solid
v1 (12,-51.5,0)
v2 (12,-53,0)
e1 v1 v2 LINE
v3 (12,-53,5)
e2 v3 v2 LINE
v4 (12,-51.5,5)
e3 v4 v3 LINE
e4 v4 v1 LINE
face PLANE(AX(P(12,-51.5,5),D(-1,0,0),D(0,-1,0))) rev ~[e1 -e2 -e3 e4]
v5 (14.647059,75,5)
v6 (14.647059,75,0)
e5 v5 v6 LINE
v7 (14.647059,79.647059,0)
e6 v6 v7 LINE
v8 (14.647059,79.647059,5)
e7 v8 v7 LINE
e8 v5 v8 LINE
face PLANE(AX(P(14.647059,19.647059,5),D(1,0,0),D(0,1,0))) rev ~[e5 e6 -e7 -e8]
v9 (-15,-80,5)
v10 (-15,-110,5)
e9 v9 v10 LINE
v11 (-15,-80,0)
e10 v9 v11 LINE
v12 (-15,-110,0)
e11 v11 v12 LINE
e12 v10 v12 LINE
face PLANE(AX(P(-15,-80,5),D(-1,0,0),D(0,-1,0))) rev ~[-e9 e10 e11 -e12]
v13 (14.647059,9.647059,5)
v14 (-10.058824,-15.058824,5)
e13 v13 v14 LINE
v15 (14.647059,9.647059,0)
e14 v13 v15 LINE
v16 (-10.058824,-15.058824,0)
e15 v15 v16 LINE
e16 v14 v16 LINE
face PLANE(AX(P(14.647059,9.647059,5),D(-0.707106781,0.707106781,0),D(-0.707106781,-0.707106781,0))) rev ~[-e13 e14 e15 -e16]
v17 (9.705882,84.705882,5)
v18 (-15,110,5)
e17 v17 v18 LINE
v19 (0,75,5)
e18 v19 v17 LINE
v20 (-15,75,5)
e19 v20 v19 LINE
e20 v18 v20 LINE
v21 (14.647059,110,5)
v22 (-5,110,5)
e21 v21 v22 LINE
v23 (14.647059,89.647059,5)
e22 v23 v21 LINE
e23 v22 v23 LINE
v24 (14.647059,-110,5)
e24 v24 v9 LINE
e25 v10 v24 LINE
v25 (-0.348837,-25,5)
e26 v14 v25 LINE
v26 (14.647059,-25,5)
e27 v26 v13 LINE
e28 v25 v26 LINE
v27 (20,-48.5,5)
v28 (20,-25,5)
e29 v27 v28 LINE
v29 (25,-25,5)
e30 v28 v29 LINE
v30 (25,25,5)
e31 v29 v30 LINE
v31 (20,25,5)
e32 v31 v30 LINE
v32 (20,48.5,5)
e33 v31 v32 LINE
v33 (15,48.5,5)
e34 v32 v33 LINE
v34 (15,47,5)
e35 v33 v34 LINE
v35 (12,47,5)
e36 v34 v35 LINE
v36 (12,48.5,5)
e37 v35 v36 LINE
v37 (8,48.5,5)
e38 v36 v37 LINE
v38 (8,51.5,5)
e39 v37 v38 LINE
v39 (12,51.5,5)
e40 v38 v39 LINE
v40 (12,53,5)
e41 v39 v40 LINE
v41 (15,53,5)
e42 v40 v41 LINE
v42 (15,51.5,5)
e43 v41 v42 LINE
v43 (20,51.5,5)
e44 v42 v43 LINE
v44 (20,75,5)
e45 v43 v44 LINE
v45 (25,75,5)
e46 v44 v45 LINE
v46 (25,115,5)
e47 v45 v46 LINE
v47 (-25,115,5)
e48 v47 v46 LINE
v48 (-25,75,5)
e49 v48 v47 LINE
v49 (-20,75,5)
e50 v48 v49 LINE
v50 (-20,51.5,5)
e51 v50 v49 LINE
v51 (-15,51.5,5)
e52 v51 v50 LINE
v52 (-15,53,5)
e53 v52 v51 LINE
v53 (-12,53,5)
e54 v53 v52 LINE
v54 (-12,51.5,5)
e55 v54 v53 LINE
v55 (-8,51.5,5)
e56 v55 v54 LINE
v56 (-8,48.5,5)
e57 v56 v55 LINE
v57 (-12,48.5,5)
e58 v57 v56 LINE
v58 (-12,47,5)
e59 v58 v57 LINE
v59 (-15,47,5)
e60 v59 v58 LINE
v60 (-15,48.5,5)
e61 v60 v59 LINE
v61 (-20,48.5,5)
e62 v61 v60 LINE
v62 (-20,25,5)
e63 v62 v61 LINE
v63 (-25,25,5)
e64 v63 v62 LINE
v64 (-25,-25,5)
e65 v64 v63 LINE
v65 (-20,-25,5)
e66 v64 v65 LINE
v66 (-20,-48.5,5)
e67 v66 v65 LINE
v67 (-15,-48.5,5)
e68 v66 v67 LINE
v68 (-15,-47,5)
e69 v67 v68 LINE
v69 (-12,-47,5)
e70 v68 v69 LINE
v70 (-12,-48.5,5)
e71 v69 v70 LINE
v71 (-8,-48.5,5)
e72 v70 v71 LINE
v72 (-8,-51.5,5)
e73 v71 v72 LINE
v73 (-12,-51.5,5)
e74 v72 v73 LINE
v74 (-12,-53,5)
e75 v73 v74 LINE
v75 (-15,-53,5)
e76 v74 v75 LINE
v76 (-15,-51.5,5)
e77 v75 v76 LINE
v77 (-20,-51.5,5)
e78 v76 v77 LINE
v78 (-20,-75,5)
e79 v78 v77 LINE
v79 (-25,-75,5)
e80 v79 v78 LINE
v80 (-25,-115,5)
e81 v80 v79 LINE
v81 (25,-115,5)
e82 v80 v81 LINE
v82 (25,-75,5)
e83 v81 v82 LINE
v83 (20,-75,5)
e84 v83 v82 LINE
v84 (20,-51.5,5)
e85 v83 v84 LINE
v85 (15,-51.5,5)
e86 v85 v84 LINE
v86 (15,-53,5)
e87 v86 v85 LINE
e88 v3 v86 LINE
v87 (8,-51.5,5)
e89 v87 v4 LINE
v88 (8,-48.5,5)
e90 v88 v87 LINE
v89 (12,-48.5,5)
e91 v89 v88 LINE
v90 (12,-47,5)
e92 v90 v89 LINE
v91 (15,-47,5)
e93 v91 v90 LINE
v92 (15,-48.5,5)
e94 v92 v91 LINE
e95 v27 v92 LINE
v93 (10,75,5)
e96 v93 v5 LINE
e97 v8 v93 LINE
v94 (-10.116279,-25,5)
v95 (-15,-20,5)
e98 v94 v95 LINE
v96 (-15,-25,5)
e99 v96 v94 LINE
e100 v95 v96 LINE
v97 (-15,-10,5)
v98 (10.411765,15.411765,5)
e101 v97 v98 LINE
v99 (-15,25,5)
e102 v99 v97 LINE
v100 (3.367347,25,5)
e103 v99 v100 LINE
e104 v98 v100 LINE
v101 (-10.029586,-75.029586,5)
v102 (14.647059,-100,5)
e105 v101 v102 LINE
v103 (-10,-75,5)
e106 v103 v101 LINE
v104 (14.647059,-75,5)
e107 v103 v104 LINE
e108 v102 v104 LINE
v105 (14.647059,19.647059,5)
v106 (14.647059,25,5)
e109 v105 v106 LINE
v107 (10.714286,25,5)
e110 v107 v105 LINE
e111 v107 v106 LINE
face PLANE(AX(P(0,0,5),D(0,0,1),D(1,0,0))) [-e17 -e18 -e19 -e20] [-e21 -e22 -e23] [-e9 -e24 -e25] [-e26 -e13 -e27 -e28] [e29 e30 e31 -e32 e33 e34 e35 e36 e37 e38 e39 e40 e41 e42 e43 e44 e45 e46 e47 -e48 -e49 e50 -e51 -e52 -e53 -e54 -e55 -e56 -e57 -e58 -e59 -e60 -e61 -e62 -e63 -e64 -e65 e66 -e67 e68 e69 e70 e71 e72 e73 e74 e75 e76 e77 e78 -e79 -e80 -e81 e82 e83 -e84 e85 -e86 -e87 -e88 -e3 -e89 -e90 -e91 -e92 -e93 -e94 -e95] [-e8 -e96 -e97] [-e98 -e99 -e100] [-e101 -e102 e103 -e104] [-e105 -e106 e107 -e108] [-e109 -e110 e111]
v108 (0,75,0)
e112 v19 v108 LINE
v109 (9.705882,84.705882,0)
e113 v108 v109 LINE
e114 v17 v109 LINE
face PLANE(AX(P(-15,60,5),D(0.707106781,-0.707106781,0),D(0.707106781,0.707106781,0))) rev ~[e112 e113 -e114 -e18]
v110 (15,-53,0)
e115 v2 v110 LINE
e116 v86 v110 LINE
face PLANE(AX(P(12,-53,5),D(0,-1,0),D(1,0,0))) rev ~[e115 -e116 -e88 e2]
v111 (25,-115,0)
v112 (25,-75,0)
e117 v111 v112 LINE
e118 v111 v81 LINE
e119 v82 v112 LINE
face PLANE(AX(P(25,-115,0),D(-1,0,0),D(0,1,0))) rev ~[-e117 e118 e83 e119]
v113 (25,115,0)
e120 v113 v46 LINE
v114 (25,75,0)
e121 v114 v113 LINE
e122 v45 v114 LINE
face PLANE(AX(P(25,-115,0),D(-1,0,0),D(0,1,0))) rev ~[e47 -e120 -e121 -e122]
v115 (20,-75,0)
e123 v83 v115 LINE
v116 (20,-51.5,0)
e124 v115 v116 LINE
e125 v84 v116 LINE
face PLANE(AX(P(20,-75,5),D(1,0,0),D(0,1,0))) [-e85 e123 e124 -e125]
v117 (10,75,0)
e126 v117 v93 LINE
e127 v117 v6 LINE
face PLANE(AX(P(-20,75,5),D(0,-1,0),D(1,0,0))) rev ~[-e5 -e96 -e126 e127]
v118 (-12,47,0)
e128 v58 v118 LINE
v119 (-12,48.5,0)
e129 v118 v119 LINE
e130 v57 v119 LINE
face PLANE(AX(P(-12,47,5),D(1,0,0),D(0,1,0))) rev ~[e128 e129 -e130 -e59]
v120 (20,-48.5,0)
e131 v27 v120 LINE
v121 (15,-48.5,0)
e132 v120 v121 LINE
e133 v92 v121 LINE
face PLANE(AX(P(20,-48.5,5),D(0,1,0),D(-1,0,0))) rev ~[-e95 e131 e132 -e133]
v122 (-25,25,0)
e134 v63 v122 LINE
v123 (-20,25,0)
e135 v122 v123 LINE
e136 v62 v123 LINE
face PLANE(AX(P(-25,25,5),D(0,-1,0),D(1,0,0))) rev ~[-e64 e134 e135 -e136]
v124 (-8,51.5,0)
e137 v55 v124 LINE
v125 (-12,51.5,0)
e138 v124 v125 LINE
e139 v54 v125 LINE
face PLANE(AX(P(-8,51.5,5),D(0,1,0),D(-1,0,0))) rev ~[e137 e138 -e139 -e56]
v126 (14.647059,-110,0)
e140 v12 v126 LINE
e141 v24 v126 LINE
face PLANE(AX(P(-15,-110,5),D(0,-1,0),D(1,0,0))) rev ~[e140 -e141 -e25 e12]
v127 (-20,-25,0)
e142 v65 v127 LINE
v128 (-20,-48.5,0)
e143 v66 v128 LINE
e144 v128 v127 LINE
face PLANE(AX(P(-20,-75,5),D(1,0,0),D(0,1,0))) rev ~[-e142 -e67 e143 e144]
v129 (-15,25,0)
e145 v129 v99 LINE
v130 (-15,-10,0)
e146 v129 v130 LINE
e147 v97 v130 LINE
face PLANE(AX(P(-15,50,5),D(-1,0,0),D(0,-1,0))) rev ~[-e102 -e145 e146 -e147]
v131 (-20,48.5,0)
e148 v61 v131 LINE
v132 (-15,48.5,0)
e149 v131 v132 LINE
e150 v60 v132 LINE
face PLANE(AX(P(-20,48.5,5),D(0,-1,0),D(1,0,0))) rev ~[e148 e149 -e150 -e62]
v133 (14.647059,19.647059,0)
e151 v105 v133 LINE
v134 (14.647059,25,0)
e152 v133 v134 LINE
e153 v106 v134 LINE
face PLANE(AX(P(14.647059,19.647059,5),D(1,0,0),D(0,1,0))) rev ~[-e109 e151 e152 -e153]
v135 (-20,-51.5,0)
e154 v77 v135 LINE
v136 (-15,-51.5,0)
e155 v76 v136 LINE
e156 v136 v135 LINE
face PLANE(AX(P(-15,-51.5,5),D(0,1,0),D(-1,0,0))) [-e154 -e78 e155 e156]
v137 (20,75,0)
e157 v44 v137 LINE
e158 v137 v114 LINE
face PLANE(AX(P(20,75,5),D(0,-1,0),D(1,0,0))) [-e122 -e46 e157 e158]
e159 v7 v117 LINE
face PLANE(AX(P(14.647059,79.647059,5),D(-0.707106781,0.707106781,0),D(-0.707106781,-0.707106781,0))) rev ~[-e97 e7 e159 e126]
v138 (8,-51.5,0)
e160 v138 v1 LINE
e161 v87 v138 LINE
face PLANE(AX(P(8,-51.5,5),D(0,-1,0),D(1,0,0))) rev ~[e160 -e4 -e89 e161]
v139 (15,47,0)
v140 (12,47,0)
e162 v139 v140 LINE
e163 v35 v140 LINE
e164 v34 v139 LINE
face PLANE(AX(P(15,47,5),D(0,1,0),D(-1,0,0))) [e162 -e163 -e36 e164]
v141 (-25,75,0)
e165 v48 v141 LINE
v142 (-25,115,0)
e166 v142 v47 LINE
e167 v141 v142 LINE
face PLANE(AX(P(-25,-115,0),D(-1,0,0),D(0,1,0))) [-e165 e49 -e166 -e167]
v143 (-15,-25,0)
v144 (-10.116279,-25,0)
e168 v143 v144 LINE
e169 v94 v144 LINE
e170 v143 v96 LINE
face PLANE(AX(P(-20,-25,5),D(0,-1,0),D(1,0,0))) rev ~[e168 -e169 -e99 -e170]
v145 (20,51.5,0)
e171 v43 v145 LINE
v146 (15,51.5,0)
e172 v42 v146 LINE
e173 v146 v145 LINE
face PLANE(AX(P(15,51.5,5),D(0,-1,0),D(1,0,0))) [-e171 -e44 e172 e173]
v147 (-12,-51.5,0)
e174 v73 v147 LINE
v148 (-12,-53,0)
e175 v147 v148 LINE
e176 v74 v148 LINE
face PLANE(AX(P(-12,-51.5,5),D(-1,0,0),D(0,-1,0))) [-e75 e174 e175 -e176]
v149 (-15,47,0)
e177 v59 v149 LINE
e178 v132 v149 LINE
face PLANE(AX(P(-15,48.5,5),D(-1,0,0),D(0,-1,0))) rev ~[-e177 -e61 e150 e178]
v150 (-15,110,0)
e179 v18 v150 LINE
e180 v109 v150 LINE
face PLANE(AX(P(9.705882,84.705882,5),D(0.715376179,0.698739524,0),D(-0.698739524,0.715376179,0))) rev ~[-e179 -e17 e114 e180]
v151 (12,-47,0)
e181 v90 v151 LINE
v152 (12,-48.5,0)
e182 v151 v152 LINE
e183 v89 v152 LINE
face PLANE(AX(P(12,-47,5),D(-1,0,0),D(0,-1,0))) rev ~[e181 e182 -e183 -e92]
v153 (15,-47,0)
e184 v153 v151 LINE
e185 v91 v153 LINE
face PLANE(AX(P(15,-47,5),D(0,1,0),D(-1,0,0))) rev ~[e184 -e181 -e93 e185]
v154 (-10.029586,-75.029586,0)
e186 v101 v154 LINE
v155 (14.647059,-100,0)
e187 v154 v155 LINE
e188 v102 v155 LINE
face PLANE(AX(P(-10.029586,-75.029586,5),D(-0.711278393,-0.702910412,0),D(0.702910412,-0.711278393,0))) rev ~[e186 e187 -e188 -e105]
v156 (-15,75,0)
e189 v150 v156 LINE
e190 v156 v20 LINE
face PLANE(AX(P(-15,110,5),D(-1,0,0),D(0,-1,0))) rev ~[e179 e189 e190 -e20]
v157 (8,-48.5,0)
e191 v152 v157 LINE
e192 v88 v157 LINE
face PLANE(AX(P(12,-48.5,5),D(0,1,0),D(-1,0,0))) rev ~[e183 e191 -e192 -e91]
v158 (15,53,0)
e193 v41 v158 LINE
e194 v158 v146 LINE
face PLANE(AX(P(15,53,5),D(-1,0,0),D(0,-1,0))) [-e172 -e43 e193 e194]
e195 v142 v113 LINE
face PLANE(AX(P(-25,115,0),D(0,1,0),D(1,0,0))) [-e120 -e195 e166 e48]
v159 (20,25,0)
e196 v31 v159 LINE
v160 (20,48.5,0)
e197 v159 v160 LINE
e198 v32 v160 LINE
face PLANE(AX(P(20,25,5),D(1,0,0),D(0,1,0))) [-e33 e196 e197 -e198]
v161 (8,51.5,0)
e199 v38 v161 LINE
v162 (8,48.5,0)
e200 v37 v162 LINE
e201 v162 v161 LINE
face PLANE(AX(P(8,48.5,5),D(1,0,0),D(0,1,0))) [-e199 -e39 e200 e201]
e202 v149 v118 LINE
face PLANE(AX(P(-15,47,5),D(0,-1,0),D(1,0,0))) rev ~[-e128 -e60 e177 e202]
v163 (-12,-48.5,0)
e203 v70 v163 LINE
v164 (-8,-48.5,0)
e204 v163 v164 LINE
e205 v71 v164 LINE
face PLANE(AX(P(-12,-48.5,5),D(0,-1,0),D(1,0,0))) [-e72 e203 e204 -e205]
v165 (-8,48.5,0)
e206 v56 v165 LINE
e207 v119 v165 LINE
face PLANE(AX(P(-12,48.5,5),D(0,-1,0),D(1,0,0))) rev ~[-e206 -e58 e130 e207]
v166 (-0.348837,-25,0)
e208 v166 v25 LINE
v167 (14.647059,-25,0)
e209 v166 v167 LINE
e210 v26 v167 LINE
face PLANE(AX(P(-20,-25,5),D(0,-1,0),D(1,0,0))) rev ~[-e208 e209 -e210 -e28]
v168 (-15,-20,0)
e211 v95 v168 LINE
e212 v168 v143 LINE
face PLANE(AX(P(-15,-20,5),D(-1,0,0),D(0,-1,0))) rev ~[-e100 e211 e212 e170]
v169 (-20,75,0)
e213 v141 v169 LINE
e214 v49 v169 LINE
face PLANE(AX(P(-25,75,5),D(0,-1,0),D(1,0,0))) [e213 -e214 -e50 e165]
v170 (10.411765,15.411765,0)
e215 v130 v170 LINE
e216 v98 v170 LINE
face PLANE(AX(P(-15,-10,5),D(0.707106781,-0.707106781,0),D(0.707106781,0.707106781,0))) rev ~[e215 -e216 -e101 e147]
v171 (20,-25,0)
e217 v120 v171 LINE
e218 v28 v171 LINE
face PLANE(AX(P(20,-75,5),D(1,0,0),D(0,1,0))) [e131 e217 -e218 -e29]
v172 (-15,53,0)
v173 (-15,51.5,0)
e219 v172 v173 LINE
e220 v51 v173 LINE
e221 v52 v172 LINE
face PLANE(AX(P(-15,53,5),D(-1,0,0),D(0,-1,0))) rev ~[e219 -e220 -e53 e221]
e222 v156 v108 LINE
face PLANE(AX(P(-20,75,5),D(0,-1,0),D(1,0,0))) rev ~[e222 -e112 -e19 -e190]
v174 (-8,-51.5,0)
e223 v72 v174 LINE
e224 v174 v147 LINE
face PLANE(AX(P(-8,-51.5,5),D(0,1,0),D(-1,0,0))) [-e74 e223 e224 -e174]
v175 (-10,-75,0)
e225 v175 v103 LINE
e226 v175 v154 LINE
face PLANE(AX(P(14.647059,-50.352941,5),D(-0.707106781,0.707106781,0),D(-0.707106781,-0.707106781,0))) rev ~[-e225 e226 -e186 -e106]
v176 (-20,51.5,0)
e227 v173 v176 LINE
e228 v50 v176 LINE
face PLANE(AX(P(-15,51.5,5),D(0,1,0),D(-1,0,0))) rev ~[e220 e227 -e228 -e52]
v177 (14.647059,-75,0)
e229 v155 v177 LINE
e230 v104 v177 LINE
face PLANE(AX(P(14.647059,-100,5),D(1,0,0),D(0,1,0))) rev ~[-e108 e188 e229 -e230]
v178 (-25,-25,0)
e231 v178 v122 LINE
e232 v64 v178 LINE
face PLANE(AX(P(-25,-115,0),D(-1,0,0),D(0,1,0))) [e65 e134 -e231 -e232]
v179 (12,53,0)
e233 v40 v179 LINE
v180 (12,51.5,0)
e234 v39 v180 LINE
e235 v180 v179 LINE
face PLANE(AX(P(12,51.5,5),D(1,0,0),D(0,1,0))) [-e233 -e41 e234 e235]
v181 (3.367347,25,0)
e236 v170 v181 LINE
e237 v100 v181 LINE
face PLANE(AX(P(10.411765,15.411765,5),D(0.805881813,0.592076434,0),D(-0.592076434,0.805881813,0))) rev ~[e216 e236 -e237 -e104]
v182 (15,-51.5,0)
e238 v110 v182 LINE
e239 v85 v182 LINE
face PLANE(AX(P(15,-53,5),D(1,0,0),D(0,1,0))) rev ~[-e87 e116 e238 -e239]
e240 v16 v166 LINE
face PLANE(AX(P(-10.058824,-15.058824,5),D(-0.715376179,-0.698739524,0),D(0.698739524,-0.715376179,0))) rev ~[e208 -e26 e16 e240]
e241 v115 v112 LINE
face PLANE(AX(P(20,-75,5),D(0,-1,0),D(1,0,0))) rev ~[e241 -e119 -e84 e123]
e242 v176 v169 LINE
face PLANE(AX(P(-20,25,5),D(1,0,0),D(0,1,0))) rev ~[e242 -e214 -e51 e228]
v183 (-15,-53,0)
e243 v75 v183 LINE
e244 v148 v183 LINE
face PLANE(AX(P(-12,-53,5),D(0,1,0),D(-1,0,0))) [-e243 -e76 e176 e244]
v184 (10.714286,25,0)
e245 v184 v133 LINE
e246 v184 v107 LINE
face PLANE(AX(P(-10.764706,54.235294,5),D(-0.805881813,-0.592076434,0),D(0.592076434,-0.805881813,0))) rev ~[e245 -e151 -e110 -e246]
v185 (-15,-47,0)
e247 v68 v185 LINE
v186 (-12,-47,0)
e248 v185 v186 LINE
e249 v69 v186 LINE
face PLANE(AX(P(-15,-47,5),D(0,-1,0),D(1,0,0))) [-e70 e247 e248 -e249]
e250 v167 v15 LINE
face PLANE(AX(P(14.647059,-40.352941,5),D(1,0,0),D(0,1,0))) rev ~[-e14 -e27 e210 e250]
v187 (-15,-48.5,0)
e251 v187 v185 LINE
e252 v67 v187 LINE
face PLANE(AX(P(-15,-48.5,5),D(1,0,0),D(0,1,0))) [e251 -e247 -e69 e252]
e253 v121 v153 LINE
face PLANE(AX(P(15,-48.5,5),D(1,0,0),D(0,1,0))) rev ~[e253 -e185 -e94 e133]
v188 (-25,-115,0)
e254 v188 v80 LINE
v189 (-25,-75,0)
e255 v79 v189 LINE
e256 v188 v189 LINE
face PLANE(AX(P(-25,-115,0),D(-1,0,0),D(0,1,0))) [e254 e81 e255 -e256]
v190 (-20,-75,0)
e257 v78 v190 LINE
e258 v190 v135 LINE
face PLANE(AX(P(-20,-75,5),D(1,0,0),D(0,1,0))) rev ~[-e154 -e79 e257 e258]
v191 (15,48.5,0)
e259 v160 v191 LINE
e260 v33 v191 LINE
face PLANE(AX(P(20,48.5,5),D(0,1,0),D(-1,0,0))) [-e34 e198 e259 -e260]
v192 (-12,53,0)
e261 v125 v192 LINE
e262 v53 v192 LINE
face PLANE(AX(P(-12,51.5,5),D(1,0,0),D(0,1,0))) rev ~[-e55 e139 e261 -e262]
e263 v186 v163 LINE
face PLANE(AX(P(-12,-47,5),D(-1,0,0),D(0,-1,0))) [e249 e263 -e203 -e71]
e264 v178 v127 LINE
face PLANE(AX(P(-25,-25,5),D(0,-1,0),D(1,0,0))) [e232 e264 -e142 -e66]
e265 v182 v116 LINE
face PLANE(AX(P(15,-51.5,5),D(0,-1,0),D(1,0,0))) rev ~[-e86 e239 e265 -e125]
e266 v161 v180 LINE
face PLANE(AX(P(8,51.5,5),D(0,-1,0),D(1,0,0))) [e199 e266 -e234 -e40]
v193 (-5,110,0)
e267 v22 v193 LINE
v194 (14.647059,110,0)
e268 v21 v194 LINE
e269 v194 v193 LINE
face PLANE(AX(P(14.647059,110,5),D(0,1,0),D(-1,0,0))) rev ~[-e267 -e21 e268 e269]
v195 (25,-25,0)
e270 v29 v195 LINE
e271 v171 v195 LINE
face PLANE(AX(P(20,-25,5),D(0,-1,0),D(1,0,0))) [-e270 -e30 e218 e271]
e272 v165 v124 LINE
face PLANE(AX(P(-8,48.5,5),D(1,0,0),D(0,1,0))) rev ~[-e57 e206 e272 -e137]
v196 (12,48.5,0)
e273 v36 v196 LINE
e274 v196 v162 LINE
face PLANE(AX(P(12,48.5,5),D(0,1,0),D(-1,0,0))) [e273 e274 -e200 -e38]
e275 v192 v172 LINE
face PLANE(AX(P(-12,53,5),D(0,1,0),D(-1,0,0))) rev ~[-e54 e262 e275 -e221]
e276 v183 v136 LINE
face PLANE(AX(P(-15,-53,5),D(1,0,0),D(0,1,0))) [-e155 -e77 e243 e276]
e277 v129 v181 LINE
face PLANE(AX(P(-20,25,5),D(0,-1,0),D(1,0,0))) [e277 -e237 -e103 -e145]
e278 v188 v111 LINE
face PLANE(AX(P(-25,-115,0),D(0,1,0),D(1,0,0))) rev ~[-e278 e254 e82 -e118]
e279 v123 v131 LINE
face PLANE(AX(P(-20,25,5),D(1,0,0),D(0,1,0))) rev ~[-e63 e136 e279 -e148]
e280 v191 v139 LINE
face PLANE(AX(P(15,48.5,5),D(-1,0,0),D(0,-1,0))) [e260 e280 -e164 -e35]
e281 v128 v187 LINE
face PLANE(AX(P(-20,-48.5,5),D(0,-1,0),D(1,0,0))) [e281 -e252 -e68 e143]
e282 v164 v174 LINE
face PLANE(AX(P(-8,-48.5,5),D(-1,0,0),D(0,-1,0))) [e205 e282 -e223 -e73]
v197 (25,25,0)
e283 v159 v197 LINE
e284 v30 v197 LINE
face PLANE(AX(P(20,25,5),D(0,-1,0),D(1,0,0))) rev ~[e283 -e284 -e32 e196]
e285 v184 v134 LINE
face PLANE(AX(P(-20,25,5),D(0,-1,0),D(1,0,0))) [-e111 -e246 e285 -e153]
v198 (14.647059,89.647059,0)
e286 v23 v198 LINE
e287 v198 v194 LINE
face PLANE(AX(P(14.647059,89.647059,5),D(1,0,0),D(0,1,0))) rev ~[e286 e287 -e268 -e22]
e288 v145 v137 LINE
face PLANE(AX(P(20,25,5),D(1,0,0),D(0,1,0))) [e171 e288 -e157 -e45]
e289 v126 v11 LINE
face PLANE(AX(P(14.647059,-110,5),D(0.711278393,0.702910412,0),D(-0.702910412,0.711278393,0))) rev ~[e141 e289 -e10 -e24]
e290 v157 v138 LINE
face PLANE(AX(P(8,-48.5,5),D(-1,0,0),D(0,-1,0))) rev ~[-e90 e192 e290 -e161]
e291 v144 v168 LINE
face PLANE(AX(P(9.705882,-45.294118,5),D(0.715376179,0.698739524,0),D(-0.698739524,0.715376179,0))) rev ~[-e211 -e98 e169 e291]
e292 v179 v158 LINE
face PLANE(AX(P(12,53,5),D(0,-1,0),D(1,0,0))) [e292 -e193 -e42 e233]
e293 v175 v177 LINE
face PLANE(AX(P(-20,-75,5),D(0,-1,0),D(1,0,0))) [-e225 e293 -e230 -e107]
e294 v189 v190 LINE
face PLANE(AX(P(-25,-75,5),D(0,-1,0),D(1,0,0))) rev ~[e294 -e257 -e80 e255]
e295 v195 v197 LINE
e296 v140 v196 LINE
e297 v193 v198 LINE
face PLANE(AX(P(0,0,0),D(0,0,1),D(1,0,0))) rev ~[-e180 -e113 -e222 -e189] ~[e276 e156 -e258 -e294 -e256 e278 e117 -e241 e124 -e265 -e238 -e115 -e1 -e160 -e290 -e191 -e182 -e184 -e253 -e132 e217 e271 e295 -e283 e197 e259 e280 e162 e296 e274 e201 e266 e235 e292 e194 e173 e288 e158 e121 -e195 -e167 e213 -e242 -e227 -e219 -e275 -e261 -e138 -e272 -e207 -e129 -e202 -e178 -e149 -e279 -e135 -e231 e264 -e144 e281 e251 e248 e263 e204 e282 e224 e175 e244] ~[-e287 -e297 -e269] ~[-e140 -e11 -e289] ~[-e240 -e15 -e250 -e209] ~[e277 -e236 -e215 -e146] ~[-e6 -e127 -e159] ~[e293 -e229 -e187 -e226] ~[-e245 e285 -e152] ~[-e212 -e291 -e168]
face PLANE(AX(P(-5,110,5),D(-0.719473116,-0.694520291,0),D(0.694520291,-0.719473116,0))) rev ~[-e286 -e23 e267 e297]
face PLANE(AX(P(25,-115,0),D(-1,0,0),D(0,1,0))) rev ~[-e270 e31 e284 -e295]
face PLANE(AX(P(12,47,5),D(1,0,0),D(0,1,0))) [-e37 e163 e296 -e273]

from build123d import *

# Parameters (mm, degrees)
SKETCH1_W           = 50
SKETCH1_H           = 230
BOSS_EXTRUDE1_DEPTH = 5
SKETCH9_W           = 5
SKETCH9_H           = 50
CUT_EXTRUDE6_DEPTH  = 7
SKETCH10_R          = 1.5
CUT_EXTRUDE7_DEPTH  = 7
CUT_EXTRUDE8_START  = -7
SKETCH11_R          = 1.5
CUT_EXTRUDE8_DEPTH  = 7
CUT_EXTRUDE9_DEPTH  = 7
SKETCH13_W          = 40
SKETCH13_H          = 50
BOSS_EXTRUDE2_DEPTH = 5
CUT_EXTRUDE10_DEPTH = 5


with BuildPart() as part:
    # Sketch1 → Boss-Extrude1 (new body)
    with BuildSketch(Plane.XY):
        Rectangle(SKETCH1_W, SKETCH1_H)
    extrude(amount=BOSS_EXTRUDE1_DEPTH)

    # Sketch9 → Cut-Extrude6 (cut)
    with BuildSketch(Plane.XY.offset(5)):
        with Locations((-22.5, 50)):
            Rectangle(SKETCH9_W, SKETCH9_H)
        with Locations((-22.5, -50)):
            Rectangle(SKETCH9_W, SKETCH9_H)
        with Locations((22.5, -50)):
            Rectangle(SKETCH9_W, SKETCH9_H)
        with Locations((22.5, 50)):
            Rectangle(SKETCH9_W, SKETCH9_H)
    extrude(amount=-CUT_EXTRUDE6_DEPTH, mode=Mode.SUBTRACT)

    # Sketch10 → Cut-Extrude7 (cut)
    with BuildSketch(Plane.ZY.offset(20)):
        with Locations(Location((2.5, 50, 0), (0, 0, 270))):
            Circle(SKETCH10_R)
        with Locations(Location((2.5, -50, 0), (0, 0, 270))):
            Circle(SKETCH10_R)
    extrude(amount=-CUT_EXTRUDE7_DEPTH, mode=Mode.SUBTRACT)

    # Sketch11 → Cut-Extrude8 (cut)
    with BuildSketch(Plane(origin=(20, 0, 0), x_dir=(0, 0, -1), z_dir=(1, 0, 0)).offset(CUT_EXTRUDE8_START)):
        with Locations(Location((-2.5, -50, 0), (0, 0, 270))):
            Circle(SKETCH11_R)
        with Locations(Location((-2.5, 50, 0), (0, 0, 270))):
            Circle(SKETCH11_R)
    extrude(amount=CUT_EXTRUDE8_DEPTH, mode=Mode.SUBTRACT)

    # Sketch12 → Cut-Extrude9 (cut)
    with BuildSketch(Plane.XY.offset(5)):
        Polygon((9.705882353, 84.705882353), (-15, 110), (-15, 60), align=None)
        Polygon((14.647058824, 19.647058824), (14.647058824, 79.647058824), (-10.764705882, 54.235294118), align=None)
        Polygon((10.411764706, 15.411764706), (-15, 50), (-15, -10), align=None)
        Polygon((14.647058824, 110), (-5, 110), (14.647058824, 89.647058824), align=None)
        Polygon((14.647058824, -40.352941176), (14.647058824, 9.647058824), (-10.058823529, -15.058823529), align=None)
        Polygon((9.705882353, -45.294117647), (-15, -20), (-15, -70), align=None)
        Polygon((14.647058824, -100), (14.647058824, -50.352941176), (-10.029585799, -75.029585799), align=None)
        Polygon((14.647058824, -110), (-15, -80), (-15, -110), align=None)
    extrude(amount=-CUT_EXTRUDE9_DEPTH, mode=Mode.SUBTRACT)

    # Sketch13 → Boss-Extrude2 (add)
    with BuildSketch(Plane.XY.offset(5)):
        with Locations((0, -50)):
            Rectangle(SKETCH13_W, SKETCH13_H)
        with Locations((0, 50)):
            Rectangle(SKETCH13_W, SKETCH13_H)
    extrude(amount=-BOSS_EXTRUDE2_DEPTH)

    # Sketch14 → Cut-Extrude10 (cut)
    with BuildSketch(Plane.XY.offset(5)):
        Polygon((-15, -48.5), (-15, -47), (-12, -47), (-12, -48.5), (-8, -48.5), (-8, -51.5), (-12, -51.5), (-12, -53), (-15, -53), (-15, -51.5), (-20, -51.5), (-20, -48.5), align=None)
        Polygon((-20, 48.5), (-15, 48.5), (-15, 47), (-12, 47), (-12, 48.5), (-8, 48.5), (-8, 51.5), (-12, 51.5), (-12, 53), (-15, 53), (-15, 51.5), (-20, 51.5), align=None)
        Polygon((15, -48.5), (15, -47), (12, -47), (12, -48.5), (8, -48.5), (8, -51.5), (12, -51.5), (12, -53), (15, -53), (15, -51.5), (20, -51.5), (20, -48.5), align=None)
        Polygon((20, 48.5), (15, 48.5), (15, 47), (12, 47), (12, 48.5), (8, 48.5), (8, 51.5), (12, 51.5), (12, 53), (15, 53), (15, 51.5), (20, 51.5), align=None)
    extrude(amount=-CUT_EXTRUDE10_DEPTH, mode=Mode.SUBTRACT)


solid = part.part
